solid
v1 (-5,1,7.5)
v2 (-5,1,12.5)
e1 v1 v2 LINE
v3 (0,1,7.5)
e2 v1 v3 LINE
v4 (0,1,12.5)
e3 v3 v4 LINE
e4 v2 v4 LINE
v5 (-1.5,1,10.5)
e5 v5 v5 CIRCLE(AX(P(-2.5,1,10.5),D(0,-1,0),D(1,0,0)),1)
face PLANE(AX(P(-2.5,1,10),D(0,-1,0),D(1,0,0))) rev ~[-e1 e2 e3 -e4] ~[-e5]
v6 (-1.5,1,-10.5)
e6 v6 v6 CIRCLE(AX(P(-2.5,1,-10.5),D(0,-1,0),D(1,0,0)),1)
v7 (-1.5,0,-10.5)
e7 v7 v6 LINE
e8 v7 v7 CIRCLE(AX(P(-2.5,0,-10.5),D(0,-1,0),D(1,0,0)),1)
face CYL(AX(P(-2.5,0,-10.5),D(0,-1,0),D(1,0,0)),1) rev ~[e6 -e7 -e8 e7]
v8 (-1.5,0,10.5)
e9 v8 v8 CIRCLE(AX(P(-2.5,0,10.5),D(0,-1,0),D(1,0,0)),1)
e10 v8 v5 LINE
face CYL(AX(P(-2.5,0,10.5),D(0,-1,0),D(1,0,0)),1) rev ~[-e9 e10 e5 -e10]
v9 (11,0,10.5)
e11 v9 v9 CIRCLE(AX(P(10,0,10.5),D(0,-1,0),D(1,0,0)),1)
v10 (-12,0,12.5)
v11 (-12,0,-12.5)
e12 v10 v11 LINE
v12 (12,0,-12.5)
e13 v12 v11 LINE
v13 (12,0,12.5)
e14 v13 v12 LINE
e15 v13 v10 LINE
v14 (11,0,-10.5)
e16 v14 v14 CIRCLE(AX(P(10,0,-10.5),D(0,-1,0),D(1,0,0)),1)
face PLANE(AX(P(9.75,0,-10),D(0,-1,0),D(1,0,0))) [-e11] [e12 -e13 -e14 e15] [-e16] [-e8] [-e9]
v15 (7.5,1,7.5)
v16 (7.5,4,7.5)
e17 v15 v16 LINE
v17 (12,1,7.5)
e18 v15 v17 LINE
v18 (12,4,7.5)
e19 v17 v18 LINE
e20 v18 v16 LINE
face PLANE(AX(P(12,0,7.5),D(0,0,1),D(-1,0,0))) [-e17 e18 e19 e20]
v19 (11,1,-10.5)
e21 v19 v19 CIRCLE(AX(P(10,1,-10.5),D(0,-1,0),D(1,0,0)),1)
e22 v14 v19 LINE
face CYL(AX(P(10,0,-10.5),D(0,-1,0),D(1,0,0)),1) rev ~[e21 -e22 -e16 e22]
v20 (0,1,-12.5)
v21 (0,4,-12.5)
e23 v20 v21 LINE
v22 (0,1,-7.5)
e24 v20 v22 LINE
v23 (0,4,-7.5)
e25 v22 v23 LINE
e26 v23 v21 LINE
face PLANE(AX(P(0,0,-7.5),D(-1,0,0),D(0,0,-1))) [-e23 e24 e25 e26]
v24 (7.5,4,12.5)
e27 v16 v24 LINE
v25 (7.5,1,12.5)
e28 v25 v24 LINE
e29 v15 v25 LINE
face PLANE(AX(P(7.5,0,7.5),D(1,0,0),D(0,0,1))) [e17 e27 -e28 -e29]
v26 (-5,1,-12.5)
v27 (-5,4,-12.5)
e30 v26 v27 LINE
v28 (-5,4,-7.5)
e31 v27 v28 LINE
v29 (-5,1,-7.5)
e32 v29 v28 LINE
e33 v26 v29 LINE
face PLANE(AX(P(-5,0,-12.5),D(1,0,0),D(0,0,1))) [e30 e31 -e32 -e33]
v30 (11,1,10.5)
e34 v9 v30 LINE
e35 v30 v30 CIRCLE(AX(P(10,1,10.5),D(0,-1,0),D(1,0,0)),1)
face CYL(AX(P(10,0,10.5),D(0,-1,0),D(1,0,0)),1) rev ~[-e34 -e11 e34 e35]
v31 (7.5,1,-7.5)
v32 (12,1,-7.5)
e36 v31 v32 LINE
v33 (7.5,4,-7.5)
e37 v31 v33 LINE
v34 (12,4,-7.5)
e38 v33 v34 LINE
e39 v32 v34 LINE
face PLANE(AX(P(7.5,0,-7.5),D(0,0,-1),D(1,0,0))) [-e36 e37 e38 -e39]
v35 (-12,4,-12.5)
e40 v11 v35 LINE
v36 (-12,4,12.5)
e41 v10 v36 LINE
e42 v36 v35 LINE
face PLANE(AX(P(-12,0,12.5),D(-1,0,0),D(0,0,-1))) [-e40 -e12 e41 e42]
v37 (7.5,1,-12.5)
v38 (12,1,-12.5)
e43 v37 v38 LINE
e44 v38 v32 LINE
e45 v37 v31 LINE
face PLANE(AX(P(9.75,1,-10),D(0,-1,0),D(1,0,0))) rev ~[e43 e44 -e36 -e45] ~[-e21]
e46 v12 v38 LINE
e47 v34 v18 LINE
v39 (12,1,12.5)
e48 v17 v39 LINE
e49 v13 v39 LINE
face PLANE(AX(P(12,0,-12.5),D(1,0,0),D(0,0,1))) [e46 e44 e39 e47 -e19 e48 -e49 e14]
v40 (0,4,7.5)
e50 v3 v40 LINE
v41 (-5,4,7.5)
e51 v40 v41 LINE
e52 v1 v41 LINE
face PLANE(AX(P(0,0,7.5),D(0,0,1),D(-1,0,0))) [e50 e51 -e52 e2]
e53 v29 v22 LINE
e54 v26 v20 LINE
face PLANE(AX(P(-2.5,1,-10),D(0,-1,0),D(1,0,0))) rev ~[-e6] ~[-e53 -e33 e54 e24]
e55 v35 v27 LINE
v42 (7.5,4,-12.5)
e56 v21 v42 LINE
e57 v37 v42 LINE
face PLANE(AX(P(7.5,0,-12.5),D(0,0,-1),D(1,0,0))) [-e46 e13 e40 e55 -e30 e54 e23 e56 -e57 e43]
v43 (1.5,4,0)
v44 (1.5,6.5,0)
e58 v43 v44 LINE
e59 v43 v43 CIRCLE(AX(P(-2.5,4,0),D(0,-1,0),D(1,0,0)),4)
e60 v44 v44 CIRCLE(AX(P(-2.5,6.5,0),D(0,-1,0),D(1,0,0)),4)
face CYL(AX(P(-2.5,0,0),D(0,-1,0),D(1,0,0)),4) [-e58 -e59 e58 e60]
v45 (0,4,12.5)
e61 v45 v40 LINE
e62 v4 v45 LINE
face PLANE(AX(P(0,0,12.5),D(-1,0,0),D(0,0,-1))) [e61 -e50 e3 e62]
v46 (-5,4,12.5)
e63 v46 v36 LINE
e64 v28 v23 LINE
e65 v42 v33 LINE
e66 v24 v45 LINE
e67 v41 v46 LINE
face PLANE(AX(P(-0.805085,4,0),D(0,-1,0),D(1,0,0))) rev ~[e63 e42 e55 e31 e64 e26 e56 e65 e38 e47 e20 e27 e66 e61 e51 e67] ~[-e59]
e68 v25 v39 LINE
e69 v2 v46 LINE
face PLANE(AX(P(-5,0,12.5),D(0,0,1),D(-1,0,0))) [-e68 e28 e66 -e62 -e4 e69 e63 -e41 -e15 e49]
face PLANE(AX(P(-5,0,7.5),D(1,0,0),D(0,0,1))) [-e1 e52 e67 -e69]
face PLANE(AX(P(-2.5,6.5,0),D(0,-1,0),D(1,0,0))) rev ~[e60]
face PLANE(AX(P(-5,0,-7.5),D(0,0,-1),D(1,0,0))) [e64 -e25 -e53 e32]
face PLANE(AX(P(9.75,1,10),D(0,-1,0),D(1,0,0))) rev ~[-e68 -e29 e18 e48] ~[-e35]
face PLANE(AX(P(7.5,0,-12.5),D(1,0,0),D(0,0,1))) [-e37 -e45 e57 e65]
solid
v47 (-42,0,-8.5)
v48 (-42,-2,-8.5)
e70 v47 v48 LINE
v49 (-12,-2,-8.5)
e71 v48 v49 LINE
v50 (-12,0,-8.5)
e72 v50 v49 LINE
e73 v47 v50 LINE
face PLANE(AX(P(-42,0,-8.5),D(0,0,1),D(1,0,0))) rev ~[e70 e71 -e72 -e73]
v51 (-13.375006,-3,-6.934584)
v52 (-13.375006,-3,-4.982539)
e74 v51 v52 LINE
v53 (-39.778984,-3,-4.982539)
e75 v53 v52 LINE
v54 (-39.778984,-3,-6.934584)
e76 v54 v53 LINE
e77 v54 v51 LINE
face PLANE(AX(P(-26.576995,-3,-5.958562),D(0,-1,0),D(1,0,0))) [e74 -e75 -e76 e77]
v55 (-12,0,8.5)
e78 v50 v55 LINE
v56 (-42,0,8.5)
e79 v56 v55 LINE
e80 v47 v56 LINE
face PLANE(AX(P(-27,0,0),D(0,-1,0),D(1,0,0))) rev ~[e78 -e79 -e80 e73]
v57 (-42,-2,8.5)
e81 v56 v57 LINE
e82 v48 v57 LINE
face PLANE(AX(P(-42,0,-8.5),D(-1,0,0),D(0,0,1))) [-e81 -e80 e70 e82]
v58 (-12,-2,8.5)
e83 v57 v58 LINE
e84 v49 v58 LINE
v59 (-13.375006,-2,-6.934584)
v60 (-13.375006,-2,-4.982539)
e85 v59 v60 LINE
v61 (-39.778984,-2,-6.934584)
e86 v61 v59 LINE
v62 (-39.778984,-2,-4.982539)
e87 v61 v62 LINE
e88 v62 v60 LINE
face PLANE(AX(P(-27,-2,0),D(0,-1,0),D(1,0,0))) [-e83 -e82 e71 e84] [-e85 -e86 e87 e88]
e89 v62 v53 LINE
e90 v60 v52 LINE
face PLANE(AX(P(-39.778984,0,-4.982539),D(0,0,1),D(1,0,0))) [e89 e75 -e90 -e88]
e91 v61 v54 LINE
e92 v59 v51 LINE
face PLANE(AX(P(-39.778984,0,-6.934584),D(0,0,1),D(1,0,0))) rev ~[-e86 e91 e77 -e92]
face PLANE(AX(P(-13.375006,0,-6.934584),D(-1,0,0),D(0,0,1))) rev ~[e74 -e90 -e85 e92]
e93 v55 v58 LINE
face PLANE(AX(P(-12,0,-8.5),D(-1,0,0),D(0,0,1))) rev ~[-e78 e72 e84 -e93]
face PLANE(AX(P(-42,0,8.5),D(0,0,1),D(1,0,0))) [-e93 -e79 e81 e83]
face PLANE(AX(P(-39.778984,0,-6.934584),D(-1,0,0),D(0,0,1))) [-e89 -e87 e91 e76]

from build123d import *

# Parameters (mm, degrees)
F0_R     = 4
F1_DEPTH = 4
F0_W     = 30
F0_H     = 17
F0_W_2   = 26.403979
F0_H_2   = 1.952045
F2_DEPTH = 2
F0_W_3   = 4.5
F0_H_3   = 5
F0_R_2   = 1
F0_W_4   = 5
F3_DEPTH = 1
F4_DEPTH = 6.5
F5_DEPTH = 3


with BuildPart() as f1:
    # F0 (on Front) → F1 (new body)
    with BuildSketch(Plane.XZ):
        Polygon((-5, 12.5), (-12, 12.5), (-12, 8.5), (-12, -8.5), (-12, -12.5), (-5, -12.5), (-5, -7.5), (0, -7.5), (0, -12.5), (7.5, -12.5), (7.5, -7.5), (12, -7.5), (12, 7.5), (7.5, 7.5), (7.5, 12.5), (0, 12.5), (0, 7.5), (-5, 7.5), align=None)
        with Locations((-2.5, 0)):
            Circle(F0_R, mode=Mode.SUBTRACT)
    extrude(amount=-F1_DEPTH)

    # F0 (on Front) → F3 (join)
    with BuildSketch(Plane.XZ):
        with Locations((9.75, -10)):
            Rectangle(F0_W_3, F0_H_3)
        with Locations((10, -10.5)):
            Circle(F0_R_2, mode=Mode.SUBTRACT)
        with Locations((9.75, 10)):
            Rectangle(F0_W_3, F0_H_3)
        with Locations((10, 10.5)):
            Circle(F0_R_2, mode=Mode.SUBTRACT)
        with Locations((-2.5, 10)):
            Rectangle(F0_W_4, F0_H_3)
        with Locations((-2.5, 10.5)):
            Circle(F0_R_2, mode=Mode.SUBTRACT)
        with Locations((-2.5, -10)):
            Rectangle(F0_W_4, F0_H_3)
        with Locations((-2.5, -10.5)):
            Circle(F0_R_2, mode=Mode.SUBTRACT)
    extrude(amount=-F3_DEPTH)

    # F0 (on Front) → F4 (join)
    with BuildSketch(Plane.XZ):
        with Locations((-2.5, 0)):
            Circle(F0_R)
    extrude(amount=-F4_DEPTH)


with BuildPart() as f2:
    # F0 (on Front) → F2 (new body)
    with BuildSketch(Plane.XZ):
        with Locations((-27, 0)):
            Rectangle(F0_W, F0_H)
        with Locations((-26.576995, -5.958562)):
            Rectangle(F0_W_2, F0_H_2, mode=Mode.SUBTRACT)
    extrude(amount=F2_DEPTH)

    # F0 (on Front) → F5 (join)
    with BuildSketch(Plane.XZ):
        with Locations((-26.576995, -5.958562)):
            Rectangle(F0_W_2, F0_H_2)
    extrude(amount=F5_DEPTH)


solid = Compound([f1.part, f2.part])
